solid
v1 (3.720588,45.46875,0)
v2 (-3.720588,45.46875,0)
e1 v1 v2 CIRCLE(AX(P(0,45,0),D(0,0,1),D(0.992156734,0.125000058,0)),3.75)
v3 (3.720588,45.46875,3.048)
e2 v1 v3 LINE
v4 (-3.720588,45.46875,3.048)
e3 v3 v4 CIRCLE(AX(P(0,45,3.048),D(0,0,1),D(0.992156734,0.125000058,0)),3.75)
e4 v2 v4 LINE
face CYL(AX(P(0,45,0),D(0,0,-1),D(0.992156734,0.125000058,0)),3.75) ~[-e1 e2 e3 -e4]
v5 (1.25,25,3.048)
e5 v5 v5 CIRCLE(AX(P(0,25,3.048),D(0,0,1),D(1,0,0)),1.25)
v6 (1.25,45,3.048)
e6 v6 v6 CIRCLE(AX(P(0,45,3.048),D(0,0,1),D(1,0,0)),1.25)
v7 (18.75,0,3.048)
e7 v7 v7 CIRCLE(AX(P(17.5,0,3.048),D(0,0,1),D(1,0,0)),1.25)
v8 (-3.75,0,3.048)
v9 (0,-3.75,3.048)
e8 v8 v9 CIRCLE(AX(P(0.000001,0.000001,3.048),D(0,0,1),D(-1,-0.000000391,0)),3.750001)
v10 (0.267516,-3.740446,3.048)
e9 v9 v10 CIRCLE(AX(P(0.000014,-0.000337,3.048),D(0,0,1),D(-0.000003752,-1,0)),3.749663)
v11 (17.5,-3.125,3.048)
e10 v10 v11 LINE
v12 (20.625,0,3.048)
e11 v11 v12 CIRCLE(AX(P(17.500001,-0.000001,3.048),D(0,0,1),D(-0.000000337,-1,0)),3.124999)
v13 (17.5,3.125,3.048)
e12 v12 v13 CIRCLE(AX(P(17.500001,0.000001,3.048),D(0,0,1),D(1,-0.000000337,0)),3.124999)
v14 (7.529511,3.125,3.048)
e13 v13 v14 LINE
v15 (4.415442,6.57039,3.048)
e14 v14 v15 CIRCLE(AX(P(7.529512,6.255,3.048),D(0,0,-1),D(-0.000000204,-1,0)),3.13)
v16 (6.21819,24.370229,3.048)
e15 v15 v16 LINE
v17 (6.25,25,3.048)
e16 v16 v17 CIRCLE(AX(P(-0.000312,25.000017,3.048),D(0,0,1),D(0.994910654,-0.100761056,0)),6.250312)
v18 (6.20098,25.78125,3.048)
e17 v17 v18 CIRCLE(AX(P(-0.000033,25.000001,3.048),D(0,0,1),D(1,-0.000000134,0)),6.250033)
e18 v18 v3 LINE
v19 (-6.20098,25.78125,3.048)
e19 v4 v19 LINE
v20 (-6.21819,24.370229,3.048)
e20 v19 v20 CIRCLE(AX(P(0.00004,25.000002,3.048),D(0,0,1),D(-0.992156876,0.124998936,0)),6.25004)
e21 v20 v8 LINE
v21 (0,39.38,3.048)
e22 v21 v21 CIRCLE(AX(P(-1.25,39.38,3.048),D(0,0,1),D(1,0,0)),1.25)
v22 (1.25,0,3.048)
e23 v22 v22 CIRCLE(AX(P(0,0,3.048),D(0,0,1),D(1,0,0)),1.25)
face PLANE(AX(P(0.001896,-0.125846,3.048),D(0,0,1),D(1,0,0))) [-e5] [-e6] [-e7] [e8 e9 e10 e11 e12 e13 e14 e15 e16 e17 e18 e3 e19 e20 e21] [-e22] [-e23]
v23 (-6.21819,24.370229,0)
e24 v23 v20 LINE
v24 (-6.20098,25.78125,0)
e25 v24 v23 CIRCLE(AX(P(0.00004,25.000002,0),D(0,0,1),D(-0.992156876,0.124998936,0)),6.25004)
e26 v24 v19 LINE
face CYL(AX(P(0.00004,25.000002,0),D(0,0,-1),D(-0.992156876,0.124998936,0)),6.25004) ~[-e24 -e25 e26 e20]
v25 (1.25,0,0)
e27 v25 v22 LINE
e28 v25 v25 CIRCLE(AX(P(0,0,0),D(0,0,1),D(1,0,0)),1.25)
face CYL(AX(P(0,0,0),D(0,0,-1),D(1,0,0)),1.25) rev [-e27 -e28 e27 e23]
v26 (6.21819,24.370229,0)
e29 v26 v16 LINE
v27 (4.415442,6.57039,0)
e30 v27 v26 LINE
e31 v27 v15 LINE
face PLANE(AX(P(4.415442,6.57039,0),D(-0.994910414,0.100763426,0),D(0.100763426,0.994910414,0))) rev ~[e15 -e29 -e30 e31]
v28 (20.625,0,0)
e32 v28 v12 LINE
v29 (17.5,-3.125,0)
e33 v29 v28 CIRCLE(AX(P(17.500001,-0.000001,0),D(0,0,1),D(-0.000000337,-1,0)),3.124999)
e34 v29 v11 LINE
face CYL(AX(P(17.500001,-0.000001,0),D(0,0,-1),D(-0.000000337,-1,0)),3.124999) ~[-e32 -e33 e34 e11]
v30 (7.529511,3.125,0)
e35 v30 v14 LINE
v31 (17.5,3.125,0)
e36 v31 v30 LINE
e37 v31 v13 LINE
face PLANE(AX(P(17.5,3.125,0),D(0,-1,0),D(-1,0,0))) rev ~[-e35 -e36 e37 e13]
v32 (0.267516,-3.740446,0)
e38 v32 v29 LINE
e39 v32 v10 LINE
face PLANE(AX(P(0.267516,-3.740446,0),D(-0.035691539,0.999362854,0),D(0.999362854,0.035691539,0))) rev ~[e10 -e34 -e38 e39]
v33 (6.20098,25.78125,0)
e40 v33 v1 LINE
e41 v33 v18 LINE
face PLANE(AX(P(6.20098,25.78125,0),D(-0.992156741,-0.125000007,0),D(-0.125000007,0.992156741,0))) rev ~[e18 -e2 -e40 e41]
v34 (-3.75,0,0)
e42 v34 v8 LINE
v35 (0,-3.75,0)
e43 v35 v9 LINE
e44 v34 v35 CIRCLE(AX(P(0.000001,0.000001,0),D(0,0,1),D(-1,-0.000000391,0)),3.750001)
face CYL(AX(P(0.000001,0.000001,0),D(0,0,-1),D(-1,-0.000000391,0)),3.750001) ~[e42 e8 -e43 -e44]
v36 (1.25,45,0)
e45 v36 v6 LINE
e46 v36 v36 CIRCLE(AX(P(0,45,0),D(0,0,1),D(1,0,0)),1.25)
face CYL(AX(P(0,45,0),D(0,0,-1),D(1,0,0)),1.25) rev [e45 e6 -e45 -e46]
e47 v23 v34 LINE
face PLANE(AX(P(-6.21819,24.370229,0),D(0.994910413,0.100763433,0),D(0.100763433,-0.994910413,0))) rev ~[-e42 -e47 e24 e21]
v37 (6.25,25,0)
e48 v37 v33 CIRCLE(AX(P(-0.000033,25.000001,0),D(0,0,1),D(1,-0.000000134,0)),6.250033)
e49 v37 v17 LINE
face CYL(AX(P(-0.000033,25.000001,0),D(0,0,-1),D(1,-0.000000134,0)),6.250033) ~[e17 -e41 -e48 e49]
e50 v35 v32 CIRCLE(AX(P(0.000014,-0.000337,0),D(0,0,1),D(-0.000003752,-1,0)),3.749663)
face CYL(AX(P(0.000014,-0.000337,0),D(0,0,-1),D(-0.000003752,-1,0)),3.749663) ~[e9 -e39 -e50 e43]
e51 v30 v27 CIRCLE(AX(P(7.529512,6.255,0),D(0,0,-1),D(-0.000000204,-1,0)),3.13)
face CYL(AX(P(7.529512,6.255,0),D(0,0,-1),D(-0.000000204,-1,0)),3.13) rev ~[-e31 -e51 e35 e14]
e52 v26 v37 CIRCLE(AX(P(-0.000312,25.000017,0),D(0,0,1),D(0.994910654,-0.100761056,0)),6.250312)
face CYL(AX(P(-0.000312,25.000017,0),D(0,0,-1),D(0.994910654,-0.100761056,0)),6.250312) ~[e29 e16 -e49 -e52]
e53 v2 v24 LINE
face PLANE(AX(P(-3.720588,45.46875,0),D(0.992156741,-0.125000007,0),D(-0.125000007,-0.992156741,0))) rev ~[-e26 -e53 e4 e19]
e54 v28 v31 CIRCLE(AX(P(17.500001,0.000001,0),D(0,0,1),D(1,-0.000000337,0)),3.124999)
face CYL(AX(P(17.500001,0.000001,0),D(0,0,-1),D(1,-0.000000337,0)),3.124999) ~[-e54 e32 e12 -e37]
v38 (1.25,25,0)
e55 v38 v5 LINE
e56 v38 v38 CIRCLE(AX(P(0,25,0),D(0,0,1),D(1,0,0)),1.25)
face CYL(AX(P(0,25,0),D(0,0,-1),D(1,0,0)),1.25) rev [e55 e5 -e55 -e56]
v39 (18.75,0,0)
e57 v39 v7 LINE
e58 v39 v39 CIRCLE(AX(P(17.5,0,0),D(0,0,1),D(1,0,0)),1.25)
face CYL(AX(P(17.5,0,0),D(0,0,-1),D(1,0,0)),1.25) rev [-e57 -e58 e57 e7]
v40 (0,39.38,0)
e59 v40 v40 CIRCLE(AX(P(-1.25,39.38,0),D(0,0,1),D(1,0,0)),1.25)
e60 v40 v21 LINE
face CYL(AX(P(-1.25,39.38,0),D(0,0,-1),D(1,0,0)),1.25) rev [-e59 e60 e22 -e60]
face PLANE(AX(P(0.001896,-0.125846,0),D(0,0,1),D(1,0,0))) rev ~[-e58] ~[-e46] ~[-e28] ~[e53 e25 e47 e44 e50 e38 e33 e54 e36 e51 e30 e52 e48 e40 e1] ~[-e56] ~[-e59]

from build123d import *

# Parameters (mm, degrees)
F0_R     = 1.25
F1_DEPTH = 3.048


with BuildPart() as f1:
    # F0 (on Top) → F1 (new body)
    with BuildSketch(Plane.XY):
        with BuildLine():
            ThreePointArc((0.267516, -3.740446), (2.744602, -2.555319), (3.75, 0))
            ThreePointArc((3.75, 0), (0, 3.75), (-3.75, 0))
            ThreePointArc((-3.75, 0), (-2.65165, -2.65165), (0, -3.75))
            Line((0, -3.75), (0.267516, -3.740446))
        make_face()
        Circle(F0_R, mode=Mode.SUBTRACT)
        with BuildLine():
            ThreePointArc((-3.75, 0), (0, 3.75), (3.75, 0))
            ThreePointArc((3.75, 0), (2.744602, -2.555319), (0.267516, -3.740446))
            Line((0.267516, -3.740446), (17.5, -3.125))
            ThreePointArc((17.5, -3.125), (14.375, 0), (17.5, 3.125))
            Line((17.5, 3.125), (7.529511, 3.125))
            ThreePointArc((7.529511, 3.125), (5.207436, 4.156223), (4.415442, 6.57039))
            Line((4.415442, 6.57039), (6.21819, 24.370229))
            ThreePointArc((6.21819, 24.370229), (0, 18.75), (-6.21819, 24.370229))
            Line((-6.21819, 24.370229), (-3.75, 0))
        make_face()
        with BuildLine():
            ThreePointArc((0, -3.75), (0.133843, -3.747611), (0.267516, -3.740446))
            Line((0.267516, -3.740446), (0, -3.75))
        make_face()
        with BuildLine():
            ThreePointArc((-6.20098, 25.78125), (-6.249535, 25.076227), (-6.21819, 24.370229))
            ThreePointArc((-6.21819, 24.370229), (0, 18.75), (6.21819, 24.370229))
            ThreePointArc((6.21819, 24.370229), (6.242042, 24.684713), (6.25, 25))
            ThreePointArc((6.25, 25), (6.237733, 25.391393), (6.20098, 25.78125))
            ThreePointArc((6.20098, 25.78125), (0, 31.25), (-6.20098, 25.78125))
        make_face()
        with Locations((0, 25)):
            Circle(F0_R, mode=Mode.SUBTRACT)
        with BuildLine():
            ThreePointArc((17.5, 3.125), (14.375, 0), (17.5, -3.125))
            ThreePointArc((17.5, -3.125), (19.709709, -2.209709), (20.625, 0))
            ThreePointArc((20.625, 0), (19.709709, 2.209709), (17.5, 3.125))
        make_face()
        with Locations((17.5, 0)):
            Circle(F0_R, mode=Mode.SUBTRACT)
        with BuildLine():
            Line((-3.720588, 45.46875), (-6.20098, 25.78125))
            ThreePointArc((-6.20098, 25.78125), (0, 31.25), (6.20098, 25.78125))
            Line((6.20098, 25.78125), (3.720588, 45.46875))
            ThreePointArc((3.720588, 45.46875), (3.74264, 45.234836), (3.75, 45))
            ThreePointArc((3.75, 45), (-0.234836, 41.25736), (-3.720588, 45.46875))
        make_face()
        with Locations((-1.25, 39.38)):
            Circle(F0_R, mode=Mode.SUBTRACT)
        with BuildLine():
            ThreePointArc((3.720588, 45.46875), (0, 48.75), (-3.720588, 45.46875))
            ThreePointArc((-3.720588, 45.46875), (-0.234836, 41.25736), (3.75, 45))
            ThreePointArc((3.75, 45), (3.74264, 45.234836), (3.720588, 45.46875))
        make_face()
        with Locations((0, 45)):
            Circle(F0_R, mode=Mode.SUBTRACT)
    extrude(amount=F1_DEPTH)


solid = f1.part
